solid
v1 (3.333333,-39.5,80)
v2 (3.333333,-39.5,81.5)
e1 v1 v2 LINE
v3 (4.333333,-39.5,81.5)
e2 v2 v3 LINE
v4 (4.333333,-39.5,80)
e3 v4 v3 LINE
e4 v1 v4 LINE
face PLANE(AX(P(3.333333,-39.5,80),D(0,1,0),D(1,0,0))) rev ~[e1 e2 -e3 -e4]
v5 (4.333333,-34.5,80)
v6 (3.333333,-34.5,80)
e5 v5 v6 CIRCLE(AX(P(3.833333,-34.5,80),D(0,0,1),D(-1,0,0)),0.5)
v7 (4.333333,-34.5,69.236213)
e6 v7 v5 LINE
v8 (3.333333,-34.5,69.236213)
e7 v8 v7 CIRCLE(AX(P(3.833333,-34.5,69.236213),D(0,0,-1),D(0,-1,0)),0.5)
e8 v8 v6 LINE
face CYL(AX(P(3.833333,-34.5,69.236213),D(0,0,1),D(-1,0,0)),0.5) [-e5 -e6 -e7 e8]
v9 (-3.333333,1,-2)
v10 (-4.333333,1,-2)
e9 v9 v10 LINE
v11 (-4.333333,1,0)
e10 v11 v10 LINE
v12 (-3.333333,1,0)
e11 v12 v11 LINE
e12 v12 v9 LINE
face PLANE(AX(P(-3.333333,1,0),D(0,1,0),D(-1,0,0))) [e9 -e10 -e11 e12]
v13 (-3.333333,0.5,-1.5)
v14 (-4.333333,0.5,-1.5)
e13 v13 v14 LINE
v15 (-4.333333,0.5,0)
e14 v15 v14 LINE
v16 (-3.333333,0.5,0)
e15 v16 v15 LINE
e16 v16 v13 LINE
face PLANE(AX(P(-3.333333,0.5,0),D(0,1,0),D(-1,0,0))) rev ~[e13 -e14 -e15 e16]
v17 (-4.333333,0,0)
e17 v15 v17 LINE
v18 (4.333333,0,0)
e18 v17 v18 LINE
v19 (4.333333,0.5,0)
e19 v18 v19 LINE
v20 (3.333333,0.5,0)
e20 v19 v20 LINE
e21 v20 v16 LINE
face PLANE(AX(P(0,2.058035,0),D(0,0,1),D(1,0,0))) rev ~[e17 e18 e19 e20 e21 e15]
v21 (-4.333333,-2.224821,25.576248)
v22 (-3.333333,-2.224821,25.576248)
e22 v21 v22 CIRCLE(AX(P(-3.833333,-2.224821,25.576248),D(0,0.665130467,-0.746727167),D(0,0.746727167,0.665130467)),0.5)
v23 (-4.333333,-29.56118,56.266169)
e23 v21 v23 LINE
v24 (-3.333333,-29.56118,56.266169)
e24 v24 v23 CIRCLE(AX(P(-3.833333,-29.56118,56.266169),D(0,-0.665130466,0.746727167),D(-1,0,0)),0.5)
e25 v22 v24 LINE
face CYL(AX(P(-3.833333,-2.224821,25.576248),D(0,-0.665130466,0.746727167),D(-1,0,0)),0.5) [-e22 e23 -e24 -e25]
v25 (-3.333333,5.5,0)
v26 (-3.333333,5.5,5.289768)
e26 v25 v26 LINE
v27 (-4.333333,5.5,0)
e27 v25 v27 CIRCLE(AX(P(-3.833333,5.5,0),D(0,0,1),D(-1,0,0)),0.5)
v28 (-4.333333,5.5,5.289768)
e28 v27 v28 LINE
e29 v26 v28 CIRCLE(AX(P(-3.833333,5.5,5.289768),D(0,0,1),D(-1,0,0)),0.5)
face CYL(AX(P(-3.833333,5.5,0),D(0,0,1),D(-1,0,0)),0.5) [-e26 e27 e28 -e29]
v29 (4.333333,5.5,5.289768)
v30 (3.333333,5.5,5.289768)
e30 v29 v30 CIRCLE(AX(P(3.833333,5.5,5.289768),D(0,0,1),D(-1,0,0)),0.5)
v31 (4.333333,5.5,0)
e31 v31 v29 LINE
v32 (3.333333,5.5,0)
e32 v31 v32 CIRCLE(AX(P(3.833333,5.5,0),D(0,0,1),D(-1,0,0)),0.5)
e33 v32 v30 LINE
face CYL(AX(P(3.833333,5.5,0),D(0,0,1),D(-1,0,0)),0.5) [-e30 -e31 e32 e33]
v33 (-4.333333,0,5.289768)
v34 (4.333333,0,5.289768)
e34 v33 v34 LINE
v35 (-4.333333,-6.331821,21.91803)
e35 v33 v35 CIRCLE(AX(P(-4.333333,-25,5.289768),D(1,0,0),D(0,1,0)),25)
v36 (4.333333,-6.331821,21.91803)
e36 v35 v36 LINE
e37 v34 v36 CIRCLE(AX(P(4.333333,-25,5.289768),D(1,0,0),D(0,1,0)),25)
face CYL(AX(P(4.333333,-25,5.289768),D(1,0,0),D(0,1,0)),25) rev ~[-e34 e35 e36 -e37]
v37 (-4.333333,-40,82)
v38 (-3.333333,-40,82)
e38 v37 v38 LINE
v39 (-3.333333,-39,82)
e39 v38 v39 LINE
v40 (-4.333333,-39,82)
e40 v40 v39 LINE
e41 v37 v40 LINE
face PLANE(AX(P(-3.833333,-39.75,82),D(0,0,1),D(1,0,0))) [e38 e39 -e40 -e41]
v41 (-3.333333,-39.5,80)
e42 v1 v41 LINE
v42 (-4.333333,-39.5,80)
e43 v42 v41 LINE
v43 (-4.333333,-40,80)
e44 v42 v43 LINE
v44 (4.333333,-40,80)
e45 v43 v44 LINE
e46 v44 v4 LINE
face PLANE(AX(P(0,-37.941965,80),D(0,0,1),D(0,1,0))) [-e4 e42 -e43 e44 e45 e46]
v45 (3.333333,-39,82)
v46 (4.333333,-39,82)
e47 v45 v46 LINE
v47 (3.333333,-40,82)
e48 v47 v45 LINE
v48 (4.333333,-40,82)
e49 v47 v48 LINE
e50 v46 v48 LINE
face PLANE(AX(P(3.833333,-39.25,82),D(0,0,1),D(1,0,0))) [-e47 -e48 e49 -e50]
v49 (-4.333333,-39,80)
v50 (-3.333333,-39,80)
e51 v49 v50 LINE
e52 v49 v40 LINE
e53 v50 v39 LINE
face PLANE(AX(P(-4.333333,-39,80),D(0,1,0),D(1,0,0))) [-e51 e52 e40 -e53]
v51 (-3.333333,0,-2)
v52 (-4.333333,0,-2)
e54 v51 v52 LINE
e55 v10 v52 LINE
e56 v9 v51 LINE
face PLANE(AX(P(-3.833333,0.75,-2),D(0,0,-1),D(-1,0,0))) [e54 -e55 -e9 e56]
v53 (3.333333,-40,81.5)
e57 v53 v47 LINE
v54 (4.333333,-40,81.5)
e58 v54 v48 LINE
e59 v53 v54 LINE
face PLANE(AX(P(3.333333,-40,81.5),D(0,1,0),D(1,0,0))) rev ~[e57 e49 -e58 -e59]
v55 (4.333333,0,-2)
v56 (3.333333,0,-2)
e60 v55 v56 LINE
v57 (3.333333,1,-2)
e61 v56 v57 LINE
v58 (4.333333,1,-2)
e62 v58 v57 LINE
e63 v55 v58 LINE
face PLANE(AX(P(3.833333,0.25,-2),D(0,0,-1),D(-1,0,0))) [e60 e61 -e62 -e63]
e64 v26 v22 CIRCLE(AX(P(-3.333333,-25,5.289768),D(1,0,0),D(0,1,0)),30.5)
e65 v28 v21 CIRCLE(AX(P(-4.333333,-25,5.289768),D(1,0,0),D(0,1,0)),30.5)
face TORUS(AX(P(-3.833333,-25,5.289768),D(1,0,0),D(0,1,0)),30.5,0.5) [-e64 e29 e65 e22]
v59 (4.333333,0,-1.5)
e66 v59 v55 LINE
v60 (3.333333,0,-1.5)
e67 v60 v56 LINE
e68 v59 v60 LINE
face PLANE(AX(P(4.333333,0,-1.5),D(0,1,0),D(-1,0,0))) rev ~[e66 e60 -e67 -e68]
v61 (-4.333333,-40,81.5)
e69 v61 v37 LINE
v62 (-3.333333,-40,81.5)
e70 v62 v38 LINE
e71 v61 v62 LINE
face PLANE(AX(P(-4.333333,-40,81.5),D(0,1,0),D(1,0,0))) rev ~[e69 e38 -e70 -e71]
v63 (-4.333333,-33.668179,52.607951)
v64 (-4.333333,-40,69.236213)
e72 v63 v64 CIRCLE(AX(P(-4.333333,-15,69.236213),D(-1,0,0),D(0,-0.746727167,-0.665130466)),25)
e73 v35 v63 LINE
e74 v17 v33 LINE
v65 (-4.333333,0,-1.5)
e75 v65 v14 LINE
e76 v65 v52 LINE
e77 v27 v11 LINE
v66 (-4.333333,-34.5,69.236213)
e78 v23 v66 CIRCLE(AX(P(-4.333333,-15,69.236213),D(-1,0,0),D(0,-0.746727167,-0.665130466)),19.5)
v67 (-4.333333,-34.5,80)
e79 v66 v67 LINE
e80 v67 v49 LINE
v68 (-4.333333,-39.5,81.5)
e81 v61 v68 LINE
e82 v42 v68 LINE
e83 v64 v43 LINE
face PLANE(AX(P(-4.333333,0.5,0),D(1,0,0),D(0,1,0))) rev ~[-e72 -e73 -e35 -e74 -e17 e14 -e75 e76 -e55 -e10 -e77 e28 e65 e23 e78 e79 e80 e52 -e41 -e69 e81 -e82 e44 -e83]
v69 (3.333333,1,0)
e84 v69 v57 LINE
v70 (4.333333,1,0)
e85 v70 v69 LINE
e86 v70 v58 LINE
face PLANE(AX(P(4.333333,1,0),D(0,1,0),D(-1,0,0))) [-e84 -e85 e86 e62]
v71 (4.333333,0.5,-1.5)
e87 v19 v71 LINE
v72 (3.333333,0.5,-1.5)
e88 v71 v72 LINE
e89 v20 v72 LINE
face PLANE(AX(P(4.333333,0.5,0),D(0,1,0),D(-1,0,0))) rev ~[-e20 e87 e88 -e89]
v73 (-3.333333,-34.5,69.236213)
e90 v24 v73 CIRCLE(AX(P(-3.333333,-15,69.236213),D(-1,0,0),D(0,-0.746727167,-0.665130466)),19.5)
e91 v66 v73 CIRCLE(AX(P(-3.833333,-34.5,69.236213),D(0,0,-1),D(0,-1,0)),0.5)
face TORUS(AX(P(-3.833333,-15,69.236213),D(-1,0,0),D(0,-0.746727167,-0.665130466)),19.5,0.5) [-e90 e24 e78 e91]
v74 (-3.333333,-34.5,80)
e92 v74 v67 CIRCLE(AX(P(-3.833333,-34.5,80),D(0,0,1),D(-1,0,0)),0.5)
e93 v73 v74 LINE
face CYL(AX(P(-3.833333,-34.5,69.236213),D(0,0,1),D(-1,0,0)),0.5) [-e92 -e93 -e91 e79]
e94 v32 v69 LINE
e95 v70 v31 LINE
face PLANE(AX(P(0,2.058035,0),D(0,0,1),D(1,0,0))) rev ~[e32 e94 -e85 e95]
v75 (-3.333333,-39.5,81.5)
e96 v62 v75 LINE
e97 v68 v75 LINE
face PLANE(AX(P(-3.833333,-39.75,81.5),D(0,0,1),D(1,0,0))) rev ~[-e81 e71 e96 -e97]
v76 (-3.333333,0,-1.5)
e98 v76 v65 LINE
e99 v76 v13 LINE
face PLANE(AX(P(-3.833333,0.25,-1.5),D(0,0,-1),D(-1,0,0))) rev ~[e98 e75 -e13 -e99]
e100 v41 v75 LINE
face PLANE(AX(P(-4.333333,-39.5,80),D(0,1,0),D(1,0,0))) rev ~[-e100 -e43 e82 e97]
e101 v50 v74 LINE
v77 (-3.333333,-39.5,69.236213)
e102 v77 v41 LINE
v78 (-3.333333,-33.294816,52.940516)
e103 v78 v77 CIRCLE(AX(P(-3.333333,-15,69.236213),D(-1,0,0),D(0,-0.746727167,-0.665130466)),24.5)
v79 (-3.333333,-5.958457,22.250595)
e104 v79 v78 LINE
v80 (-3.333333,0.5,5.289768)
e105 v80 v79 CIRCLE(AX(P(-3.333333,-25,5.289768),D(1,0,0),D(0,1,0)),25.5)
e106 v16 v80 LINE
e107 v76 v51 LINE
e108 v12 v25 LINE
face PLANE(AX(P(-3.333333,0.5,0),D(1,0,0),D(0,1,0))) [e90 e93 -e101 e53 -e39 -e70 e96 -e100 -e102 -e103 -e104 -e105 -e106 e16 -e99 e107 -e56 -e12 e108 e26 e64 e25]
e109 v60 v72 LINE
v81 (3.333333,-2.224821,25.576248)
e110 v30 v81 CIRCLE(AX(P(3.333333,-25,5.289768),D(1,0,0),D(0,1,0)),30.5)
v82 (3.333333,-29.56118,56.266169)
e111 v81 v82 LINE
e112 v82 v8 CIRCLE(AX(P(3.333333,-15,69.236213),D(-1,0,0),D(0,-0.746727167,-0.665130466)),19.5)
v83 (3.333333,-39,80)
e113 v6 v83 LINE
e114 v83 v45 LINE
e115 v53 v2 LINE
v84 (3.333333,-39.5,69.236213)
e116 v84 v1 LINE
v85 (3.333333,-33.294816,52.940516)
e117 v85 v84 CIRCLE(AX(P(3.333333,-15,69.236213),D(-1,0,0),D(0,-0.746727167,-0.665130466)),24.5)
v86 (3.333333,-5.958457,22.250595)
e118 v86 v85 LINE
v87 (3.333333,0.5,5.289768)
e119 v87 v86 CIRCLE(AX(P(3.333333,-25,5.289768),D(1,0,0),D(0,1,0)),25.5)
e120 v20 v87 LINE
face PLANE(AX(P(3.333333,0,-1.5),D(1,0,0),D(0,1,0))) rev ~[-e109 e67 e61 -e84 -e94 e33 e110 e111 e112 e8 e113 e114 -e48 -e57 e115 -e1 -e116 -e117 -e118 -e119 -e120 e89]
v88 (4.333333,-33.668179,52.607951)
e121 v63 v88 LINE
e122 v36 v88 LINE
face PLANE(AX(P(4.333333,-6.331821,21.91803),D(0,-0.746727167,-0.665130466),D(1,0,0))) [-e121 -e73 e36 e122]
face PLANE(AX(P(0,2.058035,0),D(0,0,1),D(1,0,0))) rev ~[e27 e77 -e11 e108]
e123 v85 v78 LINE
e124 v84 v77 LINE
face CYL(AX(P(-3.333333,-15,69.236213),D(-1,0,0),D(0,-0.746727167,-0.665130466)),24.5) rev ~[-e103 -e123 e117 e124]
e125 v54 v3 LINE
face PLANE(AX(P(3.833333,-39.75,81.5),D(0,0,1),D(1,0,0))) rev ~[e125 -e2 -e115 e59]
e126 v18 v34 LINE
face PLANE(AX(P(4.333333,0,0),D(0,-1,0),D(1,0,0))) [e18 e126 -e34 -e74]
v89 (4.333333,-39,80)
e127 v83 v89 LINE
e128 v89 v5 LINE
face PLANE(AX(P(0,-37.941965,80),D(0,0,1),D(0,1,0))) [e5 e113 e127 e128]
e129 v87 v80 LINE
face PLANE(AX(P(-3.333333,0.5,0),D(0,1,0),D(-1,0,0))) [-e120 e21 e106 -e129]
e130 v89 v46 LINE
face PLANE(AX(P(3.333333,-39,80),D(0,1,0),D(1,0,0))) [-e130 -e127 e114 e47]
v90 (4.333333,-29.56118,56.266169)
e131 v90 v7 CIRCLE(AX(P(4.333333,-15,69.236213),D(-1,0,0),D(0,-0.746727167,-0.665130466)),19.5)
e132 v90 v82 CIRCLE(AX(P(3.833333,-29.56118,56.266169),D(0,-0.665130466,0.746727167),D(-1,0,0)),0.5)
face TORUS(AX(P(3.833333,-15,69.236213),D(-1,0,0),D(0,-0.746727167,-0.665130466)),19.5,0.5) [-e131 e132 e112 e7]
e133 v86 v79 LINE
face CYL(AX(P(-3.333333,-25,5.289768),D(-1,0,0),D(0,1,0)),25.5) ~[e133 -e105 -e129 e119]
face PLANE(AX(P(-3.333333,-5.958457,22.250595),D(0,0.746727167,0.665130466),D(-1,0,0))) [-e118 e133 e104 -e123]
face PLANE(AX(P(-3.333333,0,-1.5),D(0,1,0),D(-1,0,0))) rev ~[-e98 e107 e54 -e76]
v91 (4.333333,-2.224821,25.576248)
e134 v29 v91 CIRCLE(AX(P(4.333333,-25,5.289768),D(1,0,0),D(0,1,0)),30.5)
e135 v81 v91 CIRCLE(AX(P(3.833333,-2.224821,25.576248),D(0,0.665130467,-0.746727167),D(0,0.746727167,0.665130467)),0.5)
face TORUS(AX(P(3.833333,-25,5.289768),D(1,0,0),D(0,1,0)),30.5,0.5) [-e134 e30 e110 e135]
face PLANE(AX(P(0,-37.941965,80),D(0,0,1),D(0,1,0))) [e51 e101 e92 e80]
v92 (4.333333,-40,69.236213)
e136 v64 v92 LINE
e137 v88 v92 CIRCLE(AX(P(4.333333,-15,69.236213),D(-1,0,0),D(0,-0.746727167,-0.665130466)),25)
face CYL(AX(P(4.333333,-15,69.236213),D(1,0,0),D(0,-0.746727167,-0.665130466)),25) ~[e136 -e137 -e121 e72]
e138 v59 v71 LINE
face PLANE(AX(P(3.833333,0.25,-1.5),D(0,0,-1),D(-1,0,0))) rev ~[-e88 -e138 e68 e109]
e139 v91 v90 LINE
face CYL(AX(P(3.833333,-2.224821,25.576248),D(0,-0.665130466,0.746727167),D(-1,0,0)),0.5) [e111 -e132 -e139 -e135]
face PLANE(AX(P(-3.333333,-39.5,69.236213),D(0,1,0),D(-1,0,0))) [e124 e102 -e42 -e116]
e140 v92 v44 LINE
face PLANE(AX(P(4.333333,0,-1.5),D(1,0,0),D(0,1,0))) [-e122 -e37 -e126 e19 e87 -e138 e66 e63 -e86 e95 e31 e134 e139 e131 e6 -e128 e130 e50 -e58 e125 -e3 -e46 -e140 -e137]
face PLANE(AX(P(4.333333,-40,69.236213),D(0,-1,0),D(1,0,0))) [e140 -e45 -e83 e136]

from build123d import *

# Parameters (mm, degrees)
SKETCH3_W           = 1
SKETCH3_H           = 0.5
BOSS_EXTRUDE1_DEPTH = 2
BOSS_EXTRUDE2_START = 1.5
SKETCH3_3_W         = 1
SKETCH3_3_H         = 0.5
BOSS_EXTRUDE2_DEPTH = 0.5
SKETCH5_W           = 1
SKETCH5_H           = 0.5
BOSS_EXTRUDE3_DEPTH = 2
BOSS_EXTRUDE4_START = 1.5
SKETCH5_3_W         = 1
SKETCH5_3_H         = 0.5
BOSS_EXTRUDE4_DEPTH = 0.5


with BuildPart() as part:
    # Sweep1: sweep along a path in Sketch2
    with BuildLine(Plane.YZ) as sweep1_path:
        Line((0, 0), (0, 5.289768345))
        ThreePointArc((0, 5.289768345), (-1.636519098, 14.186271038), (-6.331820813, 21.918030005))
        Line((-6.331820813, 21.918030005), (-33.668179187, 52.60795099))
        ThreePointArc((-33.668179187, 52.60795099), (-38.363480902, 60.339709958), (-40, 69.23621265))
        Line((-40, 69.23621265), (-40, 80))
    # Sketch1 → Sweep1 (sweep)
    with BuildSketch(Plane.XY):
        with BuildLine():
            ThreePointArc((3.333333333, 5.5), (3.833333333, 6), (4.333333333, 5.5))
            Line((4.333333333, 5.5), (4.333333333, 0))
            Line((4.333333333, 0), (-4.333333333, 0))
            Line((-4.333333333, 0), (-4.333333333, 5.5))
            ThreePointArc((-4.333333333, 5.5), (-3.833333333, 6), (-3.333333333, 5.5))
            Line((-3.333333333, 5.5), (-3.333333333, 0.5))
            Line((-3.333333333, 0.5), (3.333333333, 0.5))
            Line((3.333333333, 0.5), (3.333333333, 5.5))
        make_face()
    sweep(path=sweep1_path.line)

    # Sketch3 → Boss-Extrude1 (add)
    with BuildSketch(Plane.XY.offset(80)):
        with Locations((-3.833333333, -39.25)):
            Rectangle(SKETCH3_W, SKETCH3_H)
        with Locations((3.833333333, -39.25)):
            Rectangle(SKETCH3_W, SKETCH3_H)
    extrude(amount=BOSS_EXTRUDE1_DEPTH)

    # Sketch3<3> → Boss-Extrude2 (add)
    with BuildSketch(Plane.XY.offset(80).offset(BOSS_EXTRUDE2_START)):
        with Locations((-3.833333333, -39.75)):
            Rectangle(SKETCH3_3_W, SKETCH3_3_H)
        with Locations((3.833333333, -39.75)):
            Rectangle(SKETCH3_3_W, SKETCH3_3_H)
    extrude(amount=BOSS_EXTRUDE2_DEPTH)

    # Sketch5 → Boss-Extrude3 (add)
    with BuildSketch(Plane(origin=(0, 0, 0), x_dir=(-1, 0, 0), z_dir=(0, 0, -1))):
        with Locations((3.833333333, 0.75)):
            Rectangle(SKETCH5_W, SKETCH5_H)
        with Locations((-3.833333333, 0.75)):
            Rectangle(SKETCH5_W, SKETCH5_H)
    extrude(amount=BOSS_EXTRUDE3_DEPTH)

    # Sketch5<3> → Boss-Extrude4 (add)
    with BuildSketch(Plane(origin=(0, 0, 0), x_dir=(-1, 0, 0), z_dir=(0, 0, -1)).offset(BOSS_EXTRUDE4_START)):
        with Locations((-3.833333333, 0.25)):
            Rectangle(SKETCH5_3_W, SKETCH5_3_H)
        with Locations((3.833333333, 0.25)):
            Rectangle(SKETCH5_3_W, SKETCH5_3_H)
    extrude(amount=BOSS_EXTRUDE4_DEPTH)


solid = part.part
